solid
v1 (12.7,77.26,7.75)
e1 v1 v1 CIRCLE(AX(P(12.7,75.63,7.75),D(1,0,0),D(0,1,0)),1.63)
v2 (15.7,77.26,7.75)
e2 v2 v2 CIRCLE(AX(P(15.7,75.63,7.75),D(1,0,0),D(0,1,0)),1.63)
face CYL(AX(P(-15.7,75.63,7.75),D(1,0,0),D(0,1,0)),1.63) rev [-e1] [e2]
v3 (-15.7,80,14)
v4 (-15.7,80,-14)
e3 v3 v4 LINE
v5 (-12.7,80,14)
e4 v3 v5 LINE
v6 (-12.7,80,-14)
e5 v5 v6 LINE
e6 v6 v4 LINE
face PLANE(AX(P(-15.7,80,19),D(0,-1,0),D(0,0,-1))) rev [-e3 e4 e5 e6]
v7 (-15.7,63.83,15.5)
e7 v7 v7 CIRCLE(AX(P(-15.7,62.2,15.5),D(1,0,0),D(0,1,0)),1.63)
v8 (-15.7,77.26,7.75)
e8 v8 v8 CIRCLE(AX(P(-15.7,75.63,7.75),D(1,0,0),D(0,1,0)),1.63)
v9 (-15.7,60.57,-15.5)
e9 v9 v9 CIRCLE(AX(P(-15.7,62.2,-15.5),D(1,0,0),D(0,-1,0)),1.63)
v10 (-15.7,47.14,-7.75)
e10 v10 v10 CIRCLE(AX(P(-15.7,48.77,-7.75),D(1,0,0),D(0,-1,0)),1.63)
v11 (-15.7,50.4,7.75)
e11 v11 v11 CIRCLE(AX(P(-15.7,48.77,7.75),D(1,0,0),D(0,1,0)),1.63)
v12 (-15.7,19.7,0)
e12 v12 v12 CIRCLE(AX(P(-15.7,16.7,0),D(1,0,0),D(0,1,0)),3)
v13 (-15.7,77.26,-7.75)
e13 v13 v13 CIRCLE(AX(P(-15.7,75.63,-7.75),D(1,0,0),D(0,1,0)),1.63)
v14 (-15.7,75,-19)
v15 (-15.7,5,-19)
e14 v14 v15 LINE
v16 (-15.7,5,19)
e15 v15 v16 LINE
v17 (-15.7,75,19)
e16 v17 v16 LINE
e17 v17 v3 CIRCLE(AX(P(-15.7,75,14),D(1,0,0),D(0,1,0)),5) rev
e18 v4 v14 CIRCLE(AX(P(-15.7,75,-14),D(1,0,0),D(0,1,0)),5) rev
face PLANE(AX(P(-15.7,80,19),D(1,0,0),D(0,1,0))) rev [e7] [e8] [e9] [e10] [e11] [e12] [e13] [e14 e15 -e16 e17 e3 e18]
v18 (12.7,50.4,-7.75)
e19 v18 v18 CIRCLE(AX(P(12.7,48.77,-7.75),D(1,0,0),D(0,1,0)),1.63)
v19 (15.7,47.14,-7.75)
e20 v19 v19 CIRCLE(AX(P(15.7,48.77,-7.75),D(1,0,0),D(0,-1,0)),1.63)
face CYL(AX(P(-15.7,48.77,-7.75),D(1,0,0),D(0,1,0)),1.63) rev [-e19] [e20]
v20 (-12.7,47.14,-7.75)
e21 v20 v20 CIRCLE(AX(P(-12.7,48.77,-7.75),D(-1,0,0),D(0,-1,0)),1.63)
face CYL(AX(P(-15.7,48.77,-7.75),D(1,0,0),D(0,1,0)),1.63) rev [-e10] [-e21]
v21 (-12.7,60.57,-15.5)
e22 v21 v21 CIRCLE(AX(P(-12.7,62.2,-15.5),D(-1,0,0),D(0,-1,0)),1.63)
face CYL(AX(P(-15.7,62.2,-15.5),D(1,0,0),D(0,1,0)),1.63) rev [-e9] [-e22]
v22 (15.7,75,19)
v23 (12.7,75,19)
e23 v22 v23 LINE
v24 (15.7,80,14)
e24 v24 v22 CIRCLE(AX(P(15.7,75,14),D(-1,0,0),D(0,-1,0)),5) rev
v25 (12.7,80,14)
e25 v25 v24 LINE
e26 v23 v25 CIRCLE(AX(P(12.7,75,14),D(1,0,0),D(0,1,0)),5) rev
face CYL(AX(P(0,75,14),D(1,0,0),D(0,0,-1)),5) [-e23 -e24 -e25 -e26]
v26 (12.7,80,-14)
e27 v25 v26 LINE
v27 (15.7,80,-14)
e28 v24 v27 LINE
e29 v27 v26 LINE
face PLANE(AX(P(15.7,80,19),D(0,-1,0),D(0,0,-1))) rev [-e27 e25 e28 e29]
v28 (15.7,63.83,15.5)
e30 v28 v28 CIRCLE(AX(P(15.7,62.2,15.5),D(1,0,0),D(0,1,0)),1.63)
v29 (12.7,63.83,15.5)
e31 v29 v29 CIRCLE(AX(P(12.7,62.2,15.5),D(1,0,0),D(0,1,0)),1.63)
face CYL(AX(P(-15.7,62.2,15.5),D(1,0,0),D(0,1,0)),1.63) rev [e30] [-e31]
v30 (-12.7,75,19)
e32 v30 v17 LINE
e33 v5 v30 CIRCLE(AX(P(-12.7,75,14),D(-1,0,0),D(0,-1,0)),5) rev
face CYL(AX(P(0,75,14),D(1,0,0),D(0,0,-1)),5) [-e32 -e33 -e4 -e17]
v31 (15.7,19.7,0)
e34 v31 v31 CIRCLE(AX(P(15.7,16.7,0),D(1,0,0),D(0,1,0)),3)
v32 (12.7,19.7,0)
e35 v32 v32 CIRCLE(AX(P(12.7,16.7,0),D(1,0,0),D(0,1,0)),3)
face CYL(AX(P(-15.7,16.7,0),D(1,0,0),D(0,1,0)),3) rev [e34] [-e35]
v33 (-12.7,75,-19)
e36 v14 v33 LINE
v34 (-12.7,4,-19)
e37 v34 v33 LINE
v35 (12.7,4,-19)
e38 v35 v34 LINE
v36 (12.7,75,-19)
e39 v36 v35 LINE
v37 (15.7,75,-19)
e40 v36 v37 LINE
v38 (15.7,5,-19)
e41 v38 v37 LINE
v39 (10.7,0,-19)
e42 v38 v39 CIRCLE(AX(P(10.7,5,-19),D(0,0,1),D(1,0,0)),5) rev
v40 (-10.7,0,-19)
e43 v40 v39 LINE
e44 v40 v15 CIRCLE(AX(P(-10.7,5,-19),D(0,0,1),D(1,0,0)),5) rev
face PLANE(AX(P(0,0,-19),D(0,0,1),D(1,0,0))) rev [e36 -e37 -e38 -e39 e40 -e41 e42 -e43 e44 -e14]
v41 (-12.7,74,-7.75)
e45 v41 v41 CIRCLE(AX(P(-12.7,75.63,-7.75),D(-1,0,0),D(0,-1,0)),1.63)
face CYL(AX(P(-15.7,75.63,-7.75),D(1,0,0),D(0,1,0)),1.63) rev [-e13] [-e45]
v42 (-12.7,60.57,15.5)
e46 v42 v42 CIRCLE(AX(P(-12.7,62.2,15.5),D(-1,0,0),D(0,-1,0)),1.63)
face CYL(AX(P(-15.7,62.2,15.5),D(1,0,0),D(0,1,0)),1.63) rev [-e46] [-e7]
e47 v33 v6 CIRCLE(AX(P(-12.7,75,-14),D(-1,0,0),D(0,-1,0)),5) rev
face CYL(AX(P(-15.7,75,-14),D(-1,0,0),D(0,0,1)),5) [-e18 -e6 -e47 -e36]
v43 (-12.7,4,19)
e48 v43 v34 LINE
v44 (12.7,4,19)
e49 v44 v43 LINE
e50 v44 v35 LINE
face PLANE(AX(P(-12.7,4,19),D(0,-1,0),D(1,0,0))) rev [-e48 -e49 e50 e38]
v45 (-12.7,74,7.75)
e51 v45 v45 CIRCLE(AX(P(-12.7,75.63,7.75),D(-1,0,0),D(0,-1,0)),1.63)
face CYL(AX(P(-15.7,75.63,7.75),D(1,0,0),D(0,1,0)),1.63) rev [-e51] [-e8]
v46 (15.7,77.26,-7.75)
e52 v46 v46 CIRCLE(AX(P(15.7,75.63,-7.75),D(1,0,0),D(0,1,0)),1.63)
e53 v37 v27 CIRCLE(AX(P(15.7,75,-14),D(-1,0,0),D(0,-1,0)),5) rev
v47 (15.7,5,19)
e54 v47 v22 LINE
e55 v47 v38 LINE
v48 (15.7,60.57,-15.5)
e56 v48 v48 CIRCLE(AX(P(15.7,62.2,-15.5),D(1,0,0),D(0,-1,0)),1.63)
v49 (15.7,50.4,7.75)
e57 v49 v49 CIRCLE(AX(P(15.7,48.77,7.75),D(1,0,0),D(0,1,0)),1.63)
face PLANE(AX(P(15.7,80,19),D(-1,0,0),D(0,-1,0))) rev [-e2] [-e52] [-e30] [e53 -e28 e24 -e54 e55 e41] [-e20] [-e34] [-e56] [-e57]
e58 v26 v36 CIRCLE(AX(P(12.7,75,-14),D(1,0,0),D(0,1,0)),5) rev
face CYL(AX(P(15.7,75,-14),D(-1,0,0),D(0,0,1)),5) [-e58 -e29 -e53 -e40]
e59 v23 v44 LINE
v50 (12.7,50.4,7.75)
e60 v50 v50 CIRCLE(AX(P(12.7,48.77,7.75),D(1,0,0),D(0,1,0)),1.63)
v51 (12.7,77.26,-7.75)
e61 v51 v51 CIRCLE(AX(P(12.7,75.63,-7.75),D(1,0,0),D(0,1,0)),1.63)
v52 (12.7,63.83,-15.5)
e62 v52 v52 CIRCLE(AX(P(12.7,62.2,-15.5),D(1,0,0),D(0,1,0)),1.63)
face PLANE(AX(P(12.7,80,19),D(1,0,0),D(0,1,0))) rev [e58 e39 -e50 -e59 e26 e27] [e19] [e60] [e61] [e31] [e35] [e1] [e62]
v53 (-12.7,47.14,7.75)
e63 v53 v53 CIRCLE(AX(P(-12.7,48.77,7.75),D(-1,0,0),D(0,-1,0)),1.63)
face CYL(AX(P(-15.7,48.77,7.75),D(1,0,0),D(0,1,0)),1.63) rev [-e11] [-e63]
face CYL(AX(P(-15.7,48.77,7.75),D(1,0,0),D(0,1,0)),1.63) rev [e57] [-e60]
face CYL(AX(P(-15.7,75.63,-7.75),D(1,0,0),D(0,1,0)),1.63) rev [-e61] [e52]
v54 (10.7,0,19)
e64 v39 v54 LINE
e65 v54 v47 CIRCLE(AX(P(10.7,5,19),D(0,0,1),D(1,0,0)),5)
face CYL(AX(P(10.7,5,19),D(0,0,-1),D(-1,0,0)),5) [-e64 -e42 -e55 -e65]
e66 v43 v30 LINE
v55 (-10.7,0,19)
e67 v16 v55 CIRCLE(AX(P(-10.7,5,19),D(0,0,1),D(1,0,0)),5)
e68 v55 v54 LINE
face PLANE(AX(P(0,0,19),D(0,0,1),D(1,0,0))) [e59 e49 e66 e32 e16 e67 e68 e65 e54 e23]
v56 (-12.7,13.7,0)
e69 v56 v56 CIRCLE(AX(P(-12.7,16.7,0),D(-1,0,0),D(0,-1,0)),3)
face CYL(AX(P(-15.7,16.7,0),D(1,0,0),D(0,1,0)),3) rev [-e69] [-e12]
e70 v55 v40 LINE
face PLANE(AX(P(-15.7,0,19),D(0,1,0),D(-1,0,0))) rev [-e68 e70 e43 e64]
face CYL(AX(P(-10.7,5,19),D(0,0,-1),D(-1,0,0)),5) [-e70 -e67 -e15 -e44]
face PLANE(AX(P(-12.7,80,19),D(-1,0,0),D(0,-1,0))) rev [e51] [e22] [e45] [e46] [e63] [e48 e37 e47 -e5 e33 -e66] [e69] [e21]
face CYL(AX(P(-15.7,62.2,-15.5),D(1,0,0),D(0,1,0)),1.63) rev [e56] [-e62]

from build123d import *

# Parameters (mm, degrees)
BOSS_EXTRUDE1_DEPTH = 19
SKETCH2_R           = 1.63
CUT_EXTRUDE1_DEPTH  = 32.4
FILLET1_R           = 5
SKETCH4_R           = 3
CUT_EXTRUDE3_DEPTH  = 32.4


with BuildPart() as part:
    # Sketch1 → Boss-Extrude1 (new body, symmetric)
    with BuildSketch(Plane.XY):
        Polygon((-15.7, 80), (-12.7, 80), (-12.7, 4), (12.7, 4), (12.7, 80), (15.7, 80), (15.7, 0), (-15.7, 0), align=None)
    extrude(amount=BOSS_EXTRUDE1_DEPTH, both=True)

    # Sketch2 → Cut-Extrude1 (cut, through all)
    with BuildSketch(Plane(origin=(15.7, 0, 0), x_dir=(0, 0, -1), z_dir=(1, 0, 0))):
        with Locations((-7.75, 75.63)):
            Circle(SKETCH2_R)
        with Locations((7.75, 75.63)):
            Circle(SKETCH2_R)
        with Locations((-15.5, 62.2)):
            Circle(SKETCH2_R)
        with Locations((15.5, 62.2)):
            Circle(SKETCH2_R)
        with Locations((-7.75, 48.77)):
            Circle(SKETCH2_R)
        with Locations((7.75, 48.77)):
            Circle(SKETCH2_R)
    extrude(amount=-CUT_EXTRUDE1_DEPTH, mode=Mode.SUBTRACT)

    # Fillet1
    fillet1_edges = [part.edges().sort_by_distance(p)[0] for p in [
        (14.2, 80, -19),
        (15.7, 0, 0),
        (-15.7, 0, 0),
        (14.2, 80, 19),
        (-14.2, 80, 19),
        (-14.2, 80, -19),
    ]]
    fillet(fillet1_edges, radius=FILLET1_R)

    # Sketch4 → Cut-Extrude3 (cut, through all)
    with BuildSketch(Plane(origin=(15.7, 0, 0), x_dir=(0, 0, -1), z_dir=(1, 0, 0))):
        with Locations((0, 16.7)):
            Circle(SKETCH4_R)
    extrude(amount=-CUT_EXTRUDE3_DEPTH, mode=Mode.SUBTRACT)


solid = part.part
